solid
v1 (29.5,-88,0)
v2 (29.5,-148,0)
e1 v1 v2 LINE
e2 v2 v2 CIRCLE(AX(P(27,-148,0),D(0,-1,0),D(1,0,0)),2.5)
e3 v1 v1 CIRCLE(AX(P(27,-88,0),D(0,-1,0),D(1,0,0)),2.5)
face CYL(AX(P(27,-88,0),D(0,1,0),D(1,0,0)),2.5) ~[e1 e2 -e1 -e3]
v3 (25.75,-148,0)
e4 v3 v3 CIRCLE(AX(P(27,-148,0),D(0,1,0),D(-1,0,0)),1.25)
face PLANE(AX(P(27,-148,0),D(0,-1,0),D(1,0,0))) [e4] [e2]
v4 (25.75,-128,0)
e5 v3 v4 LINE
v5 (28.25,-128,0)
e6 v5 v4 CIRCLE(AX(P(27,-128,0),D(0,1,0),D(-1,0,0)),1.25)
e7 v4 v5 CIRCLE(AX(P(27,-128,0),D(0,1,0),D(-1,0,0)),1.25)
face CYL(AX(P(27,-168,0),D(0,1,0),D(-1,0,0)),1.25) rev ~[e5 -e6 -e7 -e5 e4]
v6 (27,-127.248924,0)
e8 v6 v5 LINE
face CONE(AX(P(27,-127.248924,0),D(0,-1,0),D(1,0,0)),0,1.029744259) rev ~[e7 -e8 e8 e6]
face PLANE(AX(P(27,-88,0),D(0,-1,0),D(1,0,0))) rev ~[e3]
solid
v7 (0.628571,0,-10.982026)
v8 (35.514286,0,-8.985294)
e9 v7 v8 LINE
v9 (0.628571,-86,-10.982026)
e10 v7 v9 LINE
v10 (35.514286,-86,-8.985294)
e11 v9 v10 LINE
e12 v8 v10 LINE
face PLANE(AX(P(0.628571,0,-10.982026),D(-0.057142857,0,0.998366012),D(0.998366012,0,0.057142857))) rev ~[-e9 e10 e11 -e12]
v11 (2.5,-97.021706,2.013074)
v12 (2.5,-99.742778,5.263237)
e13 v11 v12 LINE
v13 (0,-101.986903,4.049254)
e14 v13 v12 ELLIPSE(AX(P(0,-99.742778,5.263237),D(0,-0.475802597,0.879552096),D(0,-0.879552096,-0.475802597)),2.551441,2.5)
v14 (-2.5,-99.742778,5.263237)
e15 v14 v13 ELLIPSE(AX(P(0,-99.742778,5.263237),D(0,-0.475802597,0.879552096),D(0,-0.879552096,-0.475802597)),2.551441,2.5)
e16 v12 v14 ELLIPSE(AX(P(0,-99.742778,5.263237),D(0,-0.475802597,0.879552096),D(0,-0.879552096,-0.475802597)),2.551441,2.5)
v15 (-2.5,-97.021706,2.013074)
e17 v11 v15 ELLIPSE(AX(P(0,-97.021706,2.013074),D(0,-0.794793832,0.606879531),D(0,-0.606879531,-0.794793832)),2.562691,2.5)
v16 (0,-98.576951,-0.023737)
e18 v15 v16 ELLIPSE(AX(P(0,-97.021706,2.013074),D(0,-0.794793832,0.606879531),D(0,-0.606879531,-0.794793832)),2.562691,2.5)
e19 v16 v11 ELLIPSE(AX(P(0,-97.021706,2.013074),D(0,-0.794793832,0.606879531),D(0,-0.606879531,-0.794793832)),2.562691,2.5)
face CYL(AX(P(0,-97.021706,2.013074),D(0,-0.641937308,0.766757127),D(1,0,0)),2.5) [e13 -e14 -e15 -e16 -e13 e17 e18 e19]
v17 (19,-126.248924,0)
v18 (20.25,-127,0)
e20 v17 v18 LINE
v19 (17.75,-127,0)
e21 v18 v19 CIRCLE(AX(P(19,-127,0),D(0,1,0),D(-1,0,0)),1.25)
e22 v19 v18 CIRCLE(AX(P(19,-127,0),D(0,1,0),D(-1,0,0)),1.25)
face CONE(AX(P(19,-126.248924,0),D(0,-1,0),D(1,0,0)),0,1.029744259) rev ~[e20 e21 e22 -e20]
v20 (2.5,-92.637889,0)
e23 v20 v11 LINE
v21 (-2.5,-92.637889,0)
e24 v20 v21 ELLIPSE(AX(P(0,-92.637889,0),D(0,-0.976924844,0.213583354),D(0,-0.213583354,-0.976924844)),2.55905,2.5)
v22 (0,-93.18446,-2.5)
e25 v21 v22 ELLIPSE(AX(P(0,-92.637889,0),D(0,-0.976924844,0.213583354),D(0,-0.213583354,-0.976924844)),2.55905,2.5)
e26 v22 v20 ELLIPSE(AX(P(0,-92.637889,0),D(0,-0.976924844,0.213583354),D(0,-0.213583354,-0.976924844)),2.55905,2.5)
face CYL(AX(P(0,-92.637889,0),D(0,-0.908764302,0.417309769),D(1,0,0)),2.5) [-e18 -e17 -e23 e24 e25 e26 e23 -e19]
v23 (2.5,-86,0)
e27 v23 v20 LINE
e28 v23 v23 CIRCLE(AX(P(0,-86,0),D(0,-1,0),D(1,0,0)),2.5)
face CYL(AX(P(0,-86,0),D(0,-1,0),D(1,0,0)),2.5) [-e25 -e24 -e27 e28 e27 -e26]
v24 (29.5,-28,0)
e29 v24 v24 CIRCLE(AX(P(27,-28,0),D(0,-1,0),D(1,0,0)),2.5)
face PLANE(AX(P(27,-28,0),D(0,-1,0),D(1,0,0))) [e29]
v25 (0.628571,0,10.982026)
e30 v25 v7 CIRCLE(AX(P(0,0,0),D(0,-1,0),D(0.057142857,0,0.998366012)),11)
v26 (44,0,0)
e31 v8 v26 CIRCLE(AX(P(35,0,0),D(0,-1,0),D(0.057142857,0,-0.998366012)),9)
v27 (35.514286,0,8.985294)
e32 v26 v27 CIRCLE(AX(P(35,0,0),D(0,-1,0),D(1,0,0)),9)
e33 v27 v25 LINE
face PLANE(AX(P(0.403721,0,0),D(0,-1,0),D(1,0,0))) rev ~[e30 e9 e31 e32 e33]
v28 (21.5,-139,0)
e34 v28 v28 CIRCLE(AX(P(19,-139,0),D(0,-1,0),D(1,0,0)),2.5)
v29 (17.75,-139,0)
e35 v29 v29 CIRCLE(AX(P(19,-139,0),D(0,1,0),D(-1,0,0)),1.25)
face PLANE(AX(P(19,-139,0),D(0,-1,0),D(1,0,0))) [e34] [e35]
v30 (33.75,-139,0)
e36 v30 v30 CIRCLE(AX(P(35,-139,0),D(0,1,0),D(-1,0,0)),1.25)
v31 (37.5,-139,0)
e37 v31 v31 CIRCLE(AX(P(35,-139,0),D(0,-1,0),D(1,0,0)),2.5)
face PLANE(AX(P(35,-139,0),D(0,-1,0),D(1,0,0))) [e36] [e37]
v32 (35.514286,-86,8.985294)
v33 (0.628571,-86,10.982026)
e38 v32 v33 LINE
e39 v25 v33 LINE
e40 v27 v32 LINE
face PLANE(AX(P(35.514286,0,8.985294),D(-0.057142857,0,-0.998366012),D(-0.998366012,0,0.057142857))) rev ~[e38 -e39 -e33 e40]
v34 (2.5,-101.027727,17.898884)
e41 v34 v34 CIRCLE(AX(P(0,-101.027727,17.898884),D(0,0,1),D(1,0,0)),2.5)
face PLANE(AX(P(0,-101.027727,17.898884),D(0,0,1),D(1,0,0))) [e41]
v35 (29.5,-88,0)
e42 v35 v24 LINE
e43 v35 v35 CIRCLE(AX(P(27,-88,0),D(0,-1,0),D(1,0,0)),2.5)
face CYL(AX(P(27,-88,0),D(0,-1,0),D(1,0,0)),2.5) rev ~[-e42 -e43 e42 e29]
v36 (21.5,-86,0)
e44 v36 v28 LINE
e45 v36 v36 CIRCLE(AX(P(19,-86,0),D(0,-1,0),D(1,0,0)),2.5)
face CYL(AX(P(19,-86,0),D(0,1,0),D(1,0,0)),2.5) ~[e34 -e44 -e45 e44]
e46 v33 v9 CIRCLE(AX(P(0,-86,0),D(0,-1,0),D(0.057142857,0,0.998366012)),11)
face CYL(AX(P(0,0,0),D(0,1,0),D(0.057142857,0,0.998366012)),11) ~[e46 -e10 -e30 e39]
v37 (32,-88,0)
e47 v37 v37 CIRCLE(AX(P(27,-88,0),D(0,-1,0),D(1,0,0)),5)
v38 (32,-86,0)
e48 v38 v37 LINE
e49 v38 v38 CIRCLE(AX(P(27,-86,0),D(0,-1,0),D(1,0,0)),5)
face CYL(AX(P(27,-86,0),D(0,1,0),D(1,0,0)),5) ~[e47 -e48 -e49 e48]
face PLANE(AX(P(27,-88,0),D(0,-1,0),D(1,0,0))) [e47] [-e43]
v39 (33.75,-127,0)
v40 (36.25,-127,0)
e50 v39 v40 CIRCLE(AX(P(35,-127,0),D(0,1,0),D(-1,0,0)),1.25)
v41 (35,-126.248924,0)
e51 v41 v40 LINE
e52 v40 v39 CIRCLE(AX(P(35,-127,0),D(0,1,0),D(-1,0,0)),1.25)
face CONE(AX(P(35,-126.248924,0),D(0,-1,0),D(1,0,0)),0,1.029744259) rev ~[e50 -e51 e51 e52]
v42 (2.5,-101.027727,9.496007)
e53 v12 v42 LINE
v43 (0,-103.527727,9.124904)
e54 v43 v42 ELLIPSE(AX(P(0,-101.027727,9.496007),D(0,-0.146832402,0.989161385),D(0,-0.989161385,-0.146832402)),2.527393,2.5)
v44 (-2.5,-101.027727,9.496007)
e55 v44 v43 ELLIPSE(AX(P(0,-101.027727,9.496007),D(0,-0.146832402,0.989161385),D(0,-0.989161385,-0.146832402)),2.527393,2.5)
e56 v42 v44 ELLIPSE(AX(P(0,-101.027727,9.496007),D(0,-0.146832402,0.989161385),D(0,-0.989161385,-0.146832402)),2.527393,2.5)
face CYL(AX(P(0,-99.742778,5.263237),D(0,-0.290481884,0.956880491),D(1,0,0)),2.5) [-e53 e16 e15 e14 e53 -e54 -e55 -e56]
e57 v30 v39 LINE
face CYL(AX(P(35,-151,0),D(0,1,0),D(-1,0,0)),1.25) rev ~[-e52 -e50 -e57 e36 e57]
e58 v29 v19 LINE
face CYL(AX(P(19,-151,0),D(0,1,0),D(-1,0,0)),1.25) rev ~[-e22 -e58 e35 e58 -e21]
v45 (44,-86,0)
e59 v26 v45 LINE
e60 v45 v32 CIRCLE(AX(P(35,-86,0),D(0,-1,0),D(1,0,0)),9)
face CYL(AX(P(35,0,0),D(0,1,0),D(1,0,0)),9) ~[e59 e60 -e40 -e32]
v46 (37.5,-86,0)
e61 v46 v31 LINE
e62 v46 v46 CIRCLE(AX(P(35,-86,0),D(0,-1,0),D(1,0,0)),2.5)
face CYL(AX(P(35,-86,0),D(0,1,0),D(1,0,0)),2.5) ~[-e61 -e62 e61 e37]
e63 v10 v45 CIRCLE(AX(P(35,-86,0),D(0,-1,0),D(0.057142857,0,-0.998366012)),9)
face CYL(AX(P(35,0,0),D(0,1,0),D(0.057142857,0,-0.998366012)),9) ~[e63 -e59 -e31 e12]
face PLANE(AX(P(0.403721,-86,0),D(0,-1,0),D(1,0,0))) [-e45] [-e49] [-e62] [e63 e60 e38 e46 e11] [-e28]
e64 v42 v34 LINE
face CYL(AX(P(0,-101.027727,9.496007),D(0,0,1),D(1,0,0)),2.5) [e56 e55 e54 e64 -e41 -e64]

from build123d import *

# Parameters (mm, degrees)
F1_DEPTH  = 86
F2_R      = 5
F3_DEPTH  = 2
F2_R_2    = 2.5
F4_DEPTH  = 53
F5_R      = 2.5
F6_DEPTH  = 60
F7_DEPTH  = 60
F9_D      = 2.5
F9_DEPTH  = 12
F9_TIP    = 0.7510757738
F11_D     = 2.5
F11_DEPTH = 20
F11_TIP   = 0.7510757738


with BuildPart() as f1:
    # F0 (on Front) → F1 (new body)
    with BuildSketch(Plane.XZ):
        with BuildLine():
            ThreePointArc((0.6285714286, -10.9820261318), (7.99732098, -7.5526721856), (11, 0))
            ThreePointArc((11, 0), (7.99732098, 7.5526721856), (0.6285714286, 10.9820261318))
            ThreePointArc((0.6285714286, 10.9820261318), (-11, 0), (0.6285714286, -10.9820261318))
        make_face()
        with BuildLine():
            ThreePointArc((0.6285714286, 10.9820261318), (7.99732098, 7.5526721856), (11, 0))
            ThreePointArc((11, 0), (7.99732098, -7.5526721856), (0.6285714286, -10.9820261318))
            Line((0.6285714286, -10.9820261318), (35.5142857143, -8.9852941078))
            ThreePointArc((35.5142857143, -8.9852941078), (26, 0), (35.5142857143, 8.9852941078))
            Line((35.5142857143, 8.9852941078), (0.6285714286, 10.9820261318))
        make_face()
        with BuildLine():
            ThreePointArc((44, 0), (41.54326262, 6.1794590609), (35.5142857143, 8.9852941078))
            ThreePointArc((35.5142857143, 8.9852941078), (26, 0), (35.5142857143, -8.9852941078))
            ThreePointArc((35.5142857143, -8.9852941078), (41.54326262, -6.1794590609), (44, 0))
        make_face()
    extrude(amount=F1_DEPTH)

    # F2 (on face) → F3 (join)
    with BuildSketch(Plane.XZ.offset(86)):
        with Locations((27, 0)):
            Circle(F2_R)
    extrude(amount=F3_DEPTH)

    # F2 (on face) → F4 (join)
    with BuildSketch(Plane.XZ.offset(86)):
        with Locations((19, 0)):
            Circle(F2_R_2)
        with Locations((35, 0)):
            Circle(F2_R_2)
    extrude(amount=F4_DEPTH)

    # F5 (on face) → F6 (cut)
    with BuildSketch(Plane.XZ.offset(88)):
        with Locations((27, 0)):
            Circle(F5_R)
    extrude(amount=-F6_DEPTH, mode=Mode.SUBTRACT)

    # F9
    with Locations(Plane.XZ.offset(139)):
        with Locations((19, 0), (35, 0)):
            Hole(F9_D / 2, depth=F9_DEPTH)
            with Locations((0, 0, -(F9_DEPTH + F9_TIP / 2))):  # 118° drill point
                Cone(0, F9_D / 2, F9_TIP, mode=Mode.SUBTRACT)

    # F13: sweep along a path in F12
    with BuildLine(Plane.YZ) as f13_path:
        Line((-86, 0), (-92.6378890872, 0))
        Line((-92.6378890872, 0), (-97.0217064023, 2.0130740013))
        Line((-97.0217064023, 2.0130740013), (-99.7427776456, 5.263236817))
        Line((-99.7427776456, 5.263236817), (-101.0277271271, 9.4960071146))
        Line((-101.0277271271, 9.4960071146), (-101.0277271271, 17.8988836706))
    # F2 (on face) → F13 (sweep)
    with BuildSketch(Plane.XZ.offset(86)):
        Circle(F2_R_2)
    sweep(path=f13_path.line, transition=Transition.RIGHT)


with BuildPart() as f7:
    # F5 (on face) → F7 (new body)
    with BuildSketch(Plane.XZ.offset(88)):
        with Locations((27, 0)):
            Circle(F5_R)
    extrude(amount=F7_DEPTH)

    # F11
    with Locations(Plane.XZ.offset(148)):
        with Locations((27, 0)):
            Hole(F11_D / 2, depth=F11_DEPTH)
            with Locations((0, 0, -(F11_DEPTH + F11_TIP / 2))):  # 118° drill point
                Cone(0, F11_D / 2, F11_TIP, mode=Mode.SUBTRACT)


solid = Compound([f1.part, f7.part])
